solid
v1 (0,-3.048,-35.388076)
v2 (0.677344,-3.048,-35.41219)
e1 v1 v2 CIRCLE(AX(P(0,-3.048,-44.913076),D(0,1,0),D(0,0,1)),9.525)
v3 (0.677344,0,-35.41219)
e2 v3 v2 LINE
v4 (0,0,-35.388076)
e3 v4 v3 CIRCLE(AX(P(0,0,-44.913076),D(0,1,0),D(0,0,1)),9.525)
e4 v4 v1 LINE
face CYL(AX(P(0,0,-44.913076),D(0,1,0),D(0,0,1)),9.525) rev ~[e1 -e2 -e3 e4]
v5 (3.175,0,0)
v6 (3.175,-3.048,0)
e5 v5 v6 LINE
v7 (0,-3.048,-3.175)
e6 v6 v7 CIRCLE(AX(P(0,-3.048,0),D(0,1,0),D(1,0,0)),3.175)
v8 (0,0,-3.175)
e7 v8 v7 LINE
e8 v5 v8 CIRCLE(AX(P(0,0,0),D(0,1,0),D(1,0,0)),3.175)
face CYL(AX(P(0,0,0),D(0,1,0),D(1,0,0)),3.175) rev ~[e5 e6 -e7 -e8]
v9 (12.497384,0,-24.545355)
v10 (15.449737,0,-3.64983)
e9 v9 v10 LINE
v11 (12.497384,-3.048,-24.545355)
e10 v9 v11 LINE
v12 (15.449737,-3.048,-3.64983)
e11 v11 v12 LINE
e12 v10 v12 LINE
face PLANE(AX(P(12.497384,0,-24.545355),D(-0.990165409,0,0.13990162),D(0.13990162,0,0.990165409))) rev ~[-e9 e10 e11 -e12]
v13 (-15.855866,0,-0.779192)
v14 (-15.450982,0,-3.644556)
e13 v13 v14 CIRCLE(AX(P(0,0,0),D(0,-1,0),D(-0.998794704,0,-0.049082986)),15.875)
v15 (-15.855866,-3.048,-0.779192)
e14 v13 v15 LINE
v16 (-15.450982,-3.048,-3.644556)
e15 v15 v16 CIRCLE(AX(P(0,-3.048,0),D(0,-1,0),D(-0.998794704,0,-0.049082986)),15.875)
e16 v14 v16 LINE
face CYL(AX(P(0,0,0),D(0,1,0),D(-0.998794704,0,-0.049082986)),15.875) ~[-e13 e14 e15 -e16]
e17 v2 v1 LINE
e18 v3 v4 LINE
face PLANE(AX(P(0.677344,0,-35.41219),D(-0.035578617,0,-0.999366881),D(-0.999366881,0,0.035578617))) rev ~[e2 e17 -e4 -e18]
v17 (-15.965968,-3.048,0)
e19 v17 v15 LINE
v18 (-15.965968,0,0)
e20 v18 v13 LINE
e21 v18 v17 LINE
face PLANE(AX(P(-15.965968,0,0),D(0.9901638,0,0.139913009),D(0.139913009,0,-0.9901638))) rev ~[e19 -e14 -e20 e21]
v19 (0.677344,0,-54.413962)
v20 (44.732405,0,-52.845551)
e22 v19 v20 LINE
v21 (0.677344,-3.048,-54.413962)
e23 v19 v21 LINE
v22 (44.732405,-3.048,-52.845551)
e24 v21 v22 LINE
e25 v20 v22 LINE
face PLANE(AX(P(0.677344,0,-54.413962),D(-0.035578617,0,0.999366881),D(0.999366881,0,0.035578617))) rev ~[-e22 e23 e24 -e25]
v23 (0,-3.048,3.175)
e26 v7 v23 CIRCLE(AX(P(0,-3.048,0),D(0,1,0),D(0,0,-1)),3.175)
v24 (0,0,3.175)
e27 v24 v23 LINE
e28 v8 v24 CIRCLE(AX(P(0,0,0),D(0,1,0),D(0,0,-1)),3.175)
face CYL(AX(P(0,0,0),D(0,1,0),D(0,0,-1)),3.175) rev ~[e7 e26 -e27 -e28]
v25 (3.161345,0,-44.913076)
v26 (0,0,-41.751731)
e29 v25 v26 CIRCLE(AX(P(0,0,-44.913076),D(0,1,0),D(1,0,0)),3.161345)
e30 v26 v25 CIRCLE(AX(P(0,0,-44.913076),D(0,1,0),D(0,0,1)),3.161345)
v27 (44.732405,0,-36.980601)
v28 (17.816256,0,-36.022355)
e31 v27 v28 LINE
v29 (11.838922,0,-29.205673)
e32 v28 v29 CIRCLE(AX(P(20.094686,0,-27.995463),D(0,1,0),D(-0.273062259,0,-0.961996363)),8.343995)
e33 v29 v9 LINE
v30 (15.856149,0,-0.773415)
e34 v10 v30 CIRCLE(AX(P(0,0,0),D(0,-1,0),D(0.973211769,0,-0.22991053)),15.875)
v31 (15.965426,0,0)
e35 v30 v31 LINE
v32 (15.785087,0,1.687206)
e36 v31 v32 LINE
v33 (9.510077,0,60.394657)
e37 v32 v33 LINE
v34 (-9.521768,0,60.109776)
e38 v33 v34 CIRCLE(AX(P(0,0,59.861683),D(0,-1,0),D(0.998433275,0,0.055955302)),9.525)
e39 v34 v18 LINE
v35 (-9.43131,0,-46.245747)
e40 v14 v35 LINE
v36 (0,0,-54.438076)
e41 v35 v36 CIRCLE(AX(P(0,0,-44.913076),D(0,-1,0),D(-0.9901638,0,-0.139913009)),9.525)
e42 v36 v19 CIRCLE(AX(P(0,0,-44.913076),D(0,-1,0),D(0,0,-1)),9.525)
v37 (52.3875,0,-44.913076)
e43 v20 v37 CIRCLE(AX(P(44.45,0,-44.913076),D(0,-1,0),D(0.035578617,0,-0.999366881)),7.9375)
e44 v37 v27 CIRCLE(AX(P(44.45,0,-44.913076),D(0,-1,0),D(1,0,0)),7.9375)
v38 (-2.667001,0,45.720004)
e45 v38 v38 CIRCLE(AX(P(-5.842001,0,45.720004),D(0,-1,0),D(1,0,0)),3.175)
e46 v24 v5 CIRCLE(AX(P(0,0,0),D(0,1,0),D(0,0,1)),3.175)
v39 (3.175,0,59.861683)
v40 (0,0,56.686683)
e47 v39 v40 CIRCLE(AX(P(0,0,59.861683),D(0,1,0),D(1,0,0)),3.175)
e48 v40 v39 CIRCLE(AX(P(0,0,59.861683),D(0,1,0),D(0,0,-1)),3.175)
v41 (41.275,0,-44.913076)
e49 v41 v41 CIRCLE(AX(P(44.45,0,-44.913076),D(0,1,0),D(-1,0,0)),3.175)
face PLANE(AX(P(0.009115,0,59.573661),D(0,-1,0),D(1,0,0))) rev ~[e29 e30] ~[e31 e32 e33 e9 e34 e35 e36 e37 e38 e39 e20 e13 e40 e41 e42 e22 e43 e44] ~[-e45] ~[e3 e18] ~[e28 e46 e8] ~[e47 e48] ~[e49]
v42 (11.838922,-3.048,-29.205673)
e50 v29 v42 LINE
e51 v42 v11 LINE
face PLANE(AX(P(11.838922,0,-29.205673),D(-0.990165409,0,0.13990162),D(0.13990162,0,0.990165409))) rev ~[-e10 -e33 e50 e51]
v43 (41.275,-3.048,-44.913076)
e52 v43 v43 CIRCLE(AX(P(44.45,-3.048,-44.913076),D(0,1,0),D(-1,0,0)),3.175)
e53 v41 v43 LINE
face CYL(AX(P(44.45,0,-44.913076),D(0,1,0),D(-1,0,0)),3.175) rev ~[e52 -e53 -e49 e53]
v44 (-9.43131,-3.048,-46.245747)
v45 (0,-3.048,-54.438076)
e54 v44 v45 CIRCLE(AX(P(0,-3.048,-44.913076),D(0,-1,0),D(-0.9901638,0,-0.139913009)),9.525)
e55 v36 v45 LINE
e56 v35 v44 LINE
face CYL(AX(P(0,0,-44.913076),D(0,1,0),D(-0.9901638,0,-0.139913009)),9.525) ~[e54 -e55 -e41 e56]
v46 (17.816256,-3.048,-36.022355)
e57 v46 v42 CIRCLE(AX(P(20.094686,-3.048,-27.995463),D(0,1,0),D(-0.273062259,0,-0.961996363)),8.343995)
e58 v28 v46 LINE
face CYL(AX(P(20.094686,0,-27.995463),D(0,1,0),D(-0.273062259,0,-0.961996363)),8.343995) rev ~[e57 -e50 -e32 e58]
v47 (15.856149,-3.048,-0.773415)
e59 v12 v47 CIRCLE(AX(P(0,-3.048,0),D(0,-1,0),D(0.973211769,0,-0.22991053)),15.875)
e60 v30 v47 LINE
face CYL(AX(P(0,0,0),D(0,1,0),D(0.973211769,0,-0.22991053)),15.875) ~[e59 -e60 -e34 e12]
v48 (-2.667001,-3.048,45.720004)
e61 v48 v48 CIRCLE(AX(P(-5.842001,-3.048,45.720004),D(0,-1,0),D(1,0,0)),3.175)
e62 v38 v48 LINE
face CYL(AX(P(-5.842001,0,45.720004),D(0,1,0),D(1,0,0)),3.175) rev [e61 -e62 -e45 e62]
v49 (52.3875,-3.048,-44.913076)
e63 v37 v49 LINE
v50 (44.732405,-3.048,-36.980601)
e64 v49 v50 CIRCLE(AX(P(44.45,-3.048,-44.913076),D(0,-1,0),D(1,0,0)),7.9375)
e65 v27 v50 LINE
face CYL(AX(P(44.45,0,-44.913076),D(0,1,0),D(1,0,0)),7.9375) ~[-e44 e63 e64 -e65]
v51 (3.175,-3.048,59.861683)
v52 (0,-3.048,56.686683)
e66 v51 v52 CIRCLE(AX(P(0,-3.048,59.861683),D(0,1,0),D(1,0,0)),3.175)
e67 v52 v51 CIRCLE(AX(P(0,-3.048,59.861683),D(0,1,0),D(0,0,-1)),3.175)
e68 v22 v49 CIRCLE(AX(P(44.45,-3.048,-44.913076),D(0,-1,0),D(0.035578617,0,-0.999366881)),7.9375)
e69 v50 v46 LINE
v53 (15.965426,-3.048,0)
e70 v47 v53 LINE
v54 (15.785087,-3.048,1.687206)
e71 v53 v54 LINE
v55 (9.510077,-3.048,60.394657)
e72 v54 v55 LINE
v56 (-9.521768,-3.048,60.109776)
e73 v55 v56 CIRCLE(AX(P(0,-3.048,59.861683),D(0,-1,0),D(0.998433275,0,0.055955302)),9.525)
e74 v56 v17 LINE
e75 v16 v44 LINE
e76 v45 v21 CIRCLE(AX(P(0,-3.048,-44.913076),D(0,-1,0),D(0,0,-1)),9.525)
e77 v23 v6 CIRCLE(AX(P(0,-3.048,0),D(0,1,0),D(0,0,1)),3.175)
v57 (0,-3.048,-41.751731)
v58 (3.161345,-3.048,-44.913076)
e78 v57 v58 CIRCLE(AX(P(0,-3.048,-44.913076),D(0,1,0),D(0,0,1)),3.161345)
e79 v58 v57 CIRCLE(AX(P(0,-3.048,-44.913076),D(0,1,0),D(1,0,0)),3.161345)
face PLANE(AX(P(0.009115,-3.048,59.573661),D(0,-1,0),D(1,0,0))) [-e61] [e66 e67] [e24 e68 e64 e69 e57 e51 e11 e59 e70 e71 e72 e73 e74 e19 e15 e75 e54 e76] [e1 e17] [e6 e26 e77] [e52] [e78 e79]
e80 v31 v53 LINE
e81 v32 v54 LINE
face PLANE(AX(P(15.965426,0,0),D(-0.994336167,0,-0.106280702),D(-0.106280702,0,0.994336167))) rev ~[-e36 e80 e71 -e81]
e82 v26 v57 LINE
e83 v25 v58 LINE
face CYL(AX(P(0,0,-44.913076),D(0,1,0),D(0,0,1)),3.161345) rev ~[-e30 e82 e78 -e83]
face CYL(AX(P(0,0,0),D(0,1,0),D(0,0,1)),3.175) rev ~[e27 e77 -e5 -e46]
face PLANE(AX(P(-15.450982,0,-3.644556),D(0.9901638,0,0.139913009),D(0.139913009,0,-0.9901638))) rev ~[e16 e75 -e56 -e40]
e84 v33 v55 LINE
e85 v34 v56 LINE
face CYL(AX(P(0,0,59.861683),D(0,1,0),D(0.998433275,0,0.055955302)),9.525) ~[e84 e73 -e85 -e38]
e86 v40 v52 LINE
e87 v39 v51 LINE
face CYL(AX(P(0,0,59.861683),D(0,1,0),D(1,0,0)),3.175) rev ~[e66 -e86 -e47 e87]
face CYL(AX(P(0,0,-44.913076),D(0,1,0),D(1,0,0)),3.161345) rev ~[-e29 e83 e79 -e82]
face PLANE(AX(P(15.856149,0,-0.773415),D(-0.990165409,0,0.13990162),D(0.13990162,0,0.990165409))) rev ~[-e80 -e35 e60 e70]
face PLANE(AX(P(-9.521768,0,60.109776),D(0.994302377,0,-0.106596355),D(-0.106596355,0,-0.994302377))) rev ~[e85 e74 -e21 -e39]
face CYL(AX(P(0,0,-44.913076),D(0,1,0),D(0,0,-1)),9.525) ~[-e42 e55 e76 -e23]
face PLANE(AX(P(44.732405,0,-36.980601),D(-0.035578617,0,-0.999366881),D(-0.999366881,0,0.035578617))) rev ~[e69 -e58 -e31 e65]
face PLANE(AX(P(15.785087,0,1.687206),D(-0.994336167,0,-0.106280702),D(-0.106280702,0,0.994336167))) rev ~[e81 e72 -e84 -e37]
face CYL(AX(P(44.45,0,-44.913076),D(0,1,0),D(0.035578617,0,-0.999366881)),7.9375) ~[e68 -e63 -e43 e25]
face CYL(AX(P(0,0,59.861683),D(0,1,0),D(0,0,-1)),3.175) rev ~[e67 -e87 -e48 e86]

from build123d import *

# Parameters (mm, degrees)
F0_R     = 3.175
F1_DEPTH = 3.048


with BuildPart() as f1:
    # F0 (on Front) → F1 (new body)
    with BuildSketch(Plane.XZ):
        with BuildLine():
            ThreePointArc((-9.521768482, 60.109775595), (-6.822342257, 53.2147835566), (0, 50.3366829186))
            ThreePointArc((0, 50.3366829186), (6.7351920908, 53.1264908278), (9.525, 59.8616829186))
            ThreePointArc((9.525, 59.8616829186), (9.5212685047, 60.1282744826), (9.5100769424, 60.3946571678))
            ThreePointArc((9.5100769424, 60.3946571678), (-0.1425606912, 69.3856160057), (-9.521768482, 60.109775595))
        make_face()
        with BuildLine():
            ThreePointArc((3.175, 59.8616829186), (2.2450640303, 57.6166188883), (0, 56.6866829186))
            ThreePointArc((0, 56.6866829186), (-2.2450640303, 62.1067469488), (3.175, 59.8616829186))
        make_face(mode=Mode.SUBTRACT)
        with BuildLine():
            ThreePointArc((9.525, 59.8616829186), (6.7351920908, 53.1264908278), (0, 50.3366829186))
            Line((0, 50.3366829186), (0, 15.875))
            ThreePointArc((0, 15.875), (10.6120502723, 11.8067783082), (15.7850866092, 1.6872064905))
            Line((15.7850866092, 1.6872064905), (9.5100769424, 60.3946571678))
            ThreePointArc((9.5100769424, 60.3946571678), (9.5212685047, 60.1282744826), (9.525, 59.8616829186))
        make_face()
        with BuildLine():
            Line((0, 15.875), (0, 50.3366829186))
            ThreePointArc((0, 50.3366829186), (-6.822342257, 53.2147835566), (-9.521768482, 60.109775595))
            Line((-9.521768482, 60.109775595), (-15.7845502334, 1.6922171637))
            ThreePointArc((-15.7845502334, 1.6922171637), (-10.6101761891, 11.808462484), (0, 15.875))
        make_face()
        with Locations((-5.8420007117, 45.7200035453)):
            Circle(F0_R, mode=Mode.SUBTRACT)
        with BuildLine():
            ThreePointArc((15.7850866092, 1.6872064905), (10.6120502723, 11.8067783082), (0, 15.875))
            Line((0, 15.875), (0, 3.175))
            ThreePointArc((0, 3.175), (2.2450640303, 2.2450640303), (3.175, 0))
            ThreePointArc((3.175, 0), (2.2450640303, -2.2450640303), (0, -3.175))
            Line((0, -3.175), (0, -15.875))
            ThreePointArc((0, -15.875), (9.8507507088, -12.4490294992), (15.4497368395, -3.6498296658))
            Line((15.4497368395, -3.6498296658), (15.8561487715, -0.7734152414))
            ThreePointArc((15.8561487715, -0.7734152414), (15.8702864931, -0.3868224736), (15.875, 0))
            ThreePointArc((15.875, 0), (15.8525057155, 0.8448002958), (15.7850866092, 1.6872064905))
        make_face()
        with BuildLine():
            Line((0, 3.175), (0, 15.875))
            ThreePointArc((0, 15.875), (-10.6101761891, 11.808462484), (-15.7845502334, 1.6922171637))
            ThreePointArc((-15.7845502334, 1.6922171637), (-15.8683946878, 0.4579028636), (-15.8558659237, -0.7791924092))
            Line((-15.8558659237, -0.7791924092), (-15.4509817985, -3.644555729))
            ThreePointArc((-15.4509817985, -3.644555729), (-9.852875286, -12.4473480549), (0, -15.875))
            Line((0, -15.875), (0, -3.175))
            ThreePointArc((0, -3.175), (-3.175, 0), (0, 3.175))
        make_face()
        with BuildLine():
            Line((15.9654255085, 0), (15.7850866092, 1.6872064905))
            ThreePointArc((15.7850866092, 1.6872064905), (15.8525057155, 0.8448002958), (15.875, 0))
            ThreePointArc((15.875, 0), (15.8702864931, -0.3868224736), (15.8561487715, -0.7734152414))
            Line((15.8561487715, -0.7734152414), (15.9654255085, 0))
        make_face()
        with BuildLine():
            ThreePointArc((-15.8558659237, -0.7791924092), (-15.8683946878, 0.4579028636), (-15.7845502334, 1.6922171637))
            Line((-15.7845502334, 1.6922171637), (-15.9659680649, 0))
            Line((-15.9659680649, 0), (-15.8558659237, -0.7791924092))
        make_face()
        with BuildLine():
            Line((-15.4509817985, -3.644555729), (-15.8558659237, -0.7791924092))
            ThreePointArc((-15.8558659237, -0.7791924092), (-15.7188503178, -2.2211190167), (-15.4509817985, -3.644555729))
        make_face()
        with BuildLine():
            ThreePointArc((15.4497368395, -3.6498296658), (9.8507507088, -12.4490294992), (0, -15.875))
            Line((0, -15.875), (0, -35.3880759952))
            Line((0, -35.3880759952), (0, -41.7517314814))
            ThreePointArc((0, -41.7517314814), (2.2354081434, -42.6776678518), (3.1613445139, -44.9130759952))
            Line((3.1613445139, -44.9130759952), (9.525, -44.9130759952))
            Line((9.525, -44.9130759952), (36.5125, -44.9130759952))
            ThreePointArc((36.5125, -44.9130759952), (38.9380895153, -39.2014432113), (44.7324052746, -36.9806013807))
            Line((44.7324052746, -36.9806013807), (17.816256185, -36.0223553297))
            ThreePointArc((17.816256185, -36.0223553297), (13.8210029222, -33.4966577049), (11.8389221297, -29.2056726364))
            ThreePointArc((11.8389221297, -29.2056726364), (11.8327512172, -26.8281242675), (12.4973838852, -24.545354515))
            Line((12.4973838852, -24.545354515), (15.4497368395, -3.6498296658))
        make_face()
        with BuildLine():
            Line((0.6773435479, -35.4121902093), (0, -35.3880759952))
            ThreePointArc((0, -35.3880759952), (0.3388863295, -35.3941064578), (0.6773435479, -35.4121902093))
        make_face(mode=Mode.SUBTRACT)
        with BuildLine():
            Line((0, -35.3880759952), (0, -15.875))
            ThreePointArc((0, -15.875), (-9.852875286, -12.4473480549), (-15.4509817985, -3.644555729))
            Line((-15.4509817985, -3.644555729), (-9.4313101907, -46.2457474053))
            ThreePointArc((-9.4313101907, -46.2457474053), (-7.1909429208, -38.6667999119), (0, -35.3880759952))
        make_face()
        with BuildLine():
            ThreePointArc((15.4497368395, -3.6498296658), (15.718875865, -2.2209382121), (15.8561487715, -0.7734152414))
            Line((15.8561487715, -0.7734152414), (15.4497368395, -3.6498296658))
        make_face()
        with BuildLine():
            Line((0, -41.7517314814), (0, -35.3880759952))
            ThreePointArc((0, -35.3880759952), (-7.1909429208, -38.6667999119), (-9.4313101907, -46.2457474053))
            ThreePointArc((-9.4313101907, -46.2457474053), (-6.2462760834, -52.104018916), (0, -54.4380759952))
            Line((0, -54.4380759952), (0.6773435479, -54.4139617812))
            ThreePointArc((0.6773435479, -54.4139617812), (6.9705567315, -51.4043750835), (9.525, -44.9130759952))
            Line((9.525, -44.9130759952), (3.1613445139, -44.9130759952))
            ThreePointArc((3.1613445139, -44.9130759952), (-2.2354081434, -47.1484841387), (0, -41.7517314814))
        make_face()
        with BuildLine():
            Line((11.8389221297, -29.2056726364), (12.4973838852, -24.545354515))
            ThreePointArc((12.4973838852, -24.545354515), (11.8327512172, -26.8281242675), (11.8389221297, -29.2056726364))
        make_face()
        with BuildLine():
            Line((0.6773435479, -54.4139617812), (0, -54.4380759952))
            ThreePointArc((0, -54.4380759952), (0.3388863295, -54.4320455327), (0.6773435479, -54.4139617812))
        make_face()
        with BuildLine():
            ThreePointArc((9.525, -44.9130759952), (6.9705567315, -51.4043750835), (0.6773435479, -54.4139617812))
            Line((0.6773435479, -54.4139617812), (44.7324052746, -52.8455506098))
            ThreePointArc((44.7324052746, -52.8455506098), (38.9380895153, -50.6247087792), (36.5125, -44.9130759952))
            Line((36.5125, -44.9130759952), (9.525, -44.9130759952))
        make_face()
        with BuildLine():
            ThreePointArc((36.5125, -44.9130759952), (38.9380895153, -50.6247087792), (44.7324052746, -52.8455506098))
            ThreePointArc((44.7324052746, -52.8455506098), (50.1616327839, -50.42498648), (52.3875, -44.9130759952))
            ThreePointArc((52.3875, -44.9130759952), (50.1616327839, -39.4011655105), (44.7324052746, -36.9806013807))
            ThreePointArc((44.7324052746, -36.9806013807), (38.9380895153, -39.2014432113), (36.5125, -44.9130759952))
        make_face()
        with BuildLine():
            ThreePointArc((47.625, -44.9130759952), (44.45, -48.0880759952), (41.275, -44.9130759952))
            ThreePointArc((41.275, -44.9130759952), (44.45, -41.7380759952), (47.625, -44.9130759952))
        make_face(mode=Mode.SUBTRACT)
    extrude(amount=F1_DEPTH)


solid = f1.part
